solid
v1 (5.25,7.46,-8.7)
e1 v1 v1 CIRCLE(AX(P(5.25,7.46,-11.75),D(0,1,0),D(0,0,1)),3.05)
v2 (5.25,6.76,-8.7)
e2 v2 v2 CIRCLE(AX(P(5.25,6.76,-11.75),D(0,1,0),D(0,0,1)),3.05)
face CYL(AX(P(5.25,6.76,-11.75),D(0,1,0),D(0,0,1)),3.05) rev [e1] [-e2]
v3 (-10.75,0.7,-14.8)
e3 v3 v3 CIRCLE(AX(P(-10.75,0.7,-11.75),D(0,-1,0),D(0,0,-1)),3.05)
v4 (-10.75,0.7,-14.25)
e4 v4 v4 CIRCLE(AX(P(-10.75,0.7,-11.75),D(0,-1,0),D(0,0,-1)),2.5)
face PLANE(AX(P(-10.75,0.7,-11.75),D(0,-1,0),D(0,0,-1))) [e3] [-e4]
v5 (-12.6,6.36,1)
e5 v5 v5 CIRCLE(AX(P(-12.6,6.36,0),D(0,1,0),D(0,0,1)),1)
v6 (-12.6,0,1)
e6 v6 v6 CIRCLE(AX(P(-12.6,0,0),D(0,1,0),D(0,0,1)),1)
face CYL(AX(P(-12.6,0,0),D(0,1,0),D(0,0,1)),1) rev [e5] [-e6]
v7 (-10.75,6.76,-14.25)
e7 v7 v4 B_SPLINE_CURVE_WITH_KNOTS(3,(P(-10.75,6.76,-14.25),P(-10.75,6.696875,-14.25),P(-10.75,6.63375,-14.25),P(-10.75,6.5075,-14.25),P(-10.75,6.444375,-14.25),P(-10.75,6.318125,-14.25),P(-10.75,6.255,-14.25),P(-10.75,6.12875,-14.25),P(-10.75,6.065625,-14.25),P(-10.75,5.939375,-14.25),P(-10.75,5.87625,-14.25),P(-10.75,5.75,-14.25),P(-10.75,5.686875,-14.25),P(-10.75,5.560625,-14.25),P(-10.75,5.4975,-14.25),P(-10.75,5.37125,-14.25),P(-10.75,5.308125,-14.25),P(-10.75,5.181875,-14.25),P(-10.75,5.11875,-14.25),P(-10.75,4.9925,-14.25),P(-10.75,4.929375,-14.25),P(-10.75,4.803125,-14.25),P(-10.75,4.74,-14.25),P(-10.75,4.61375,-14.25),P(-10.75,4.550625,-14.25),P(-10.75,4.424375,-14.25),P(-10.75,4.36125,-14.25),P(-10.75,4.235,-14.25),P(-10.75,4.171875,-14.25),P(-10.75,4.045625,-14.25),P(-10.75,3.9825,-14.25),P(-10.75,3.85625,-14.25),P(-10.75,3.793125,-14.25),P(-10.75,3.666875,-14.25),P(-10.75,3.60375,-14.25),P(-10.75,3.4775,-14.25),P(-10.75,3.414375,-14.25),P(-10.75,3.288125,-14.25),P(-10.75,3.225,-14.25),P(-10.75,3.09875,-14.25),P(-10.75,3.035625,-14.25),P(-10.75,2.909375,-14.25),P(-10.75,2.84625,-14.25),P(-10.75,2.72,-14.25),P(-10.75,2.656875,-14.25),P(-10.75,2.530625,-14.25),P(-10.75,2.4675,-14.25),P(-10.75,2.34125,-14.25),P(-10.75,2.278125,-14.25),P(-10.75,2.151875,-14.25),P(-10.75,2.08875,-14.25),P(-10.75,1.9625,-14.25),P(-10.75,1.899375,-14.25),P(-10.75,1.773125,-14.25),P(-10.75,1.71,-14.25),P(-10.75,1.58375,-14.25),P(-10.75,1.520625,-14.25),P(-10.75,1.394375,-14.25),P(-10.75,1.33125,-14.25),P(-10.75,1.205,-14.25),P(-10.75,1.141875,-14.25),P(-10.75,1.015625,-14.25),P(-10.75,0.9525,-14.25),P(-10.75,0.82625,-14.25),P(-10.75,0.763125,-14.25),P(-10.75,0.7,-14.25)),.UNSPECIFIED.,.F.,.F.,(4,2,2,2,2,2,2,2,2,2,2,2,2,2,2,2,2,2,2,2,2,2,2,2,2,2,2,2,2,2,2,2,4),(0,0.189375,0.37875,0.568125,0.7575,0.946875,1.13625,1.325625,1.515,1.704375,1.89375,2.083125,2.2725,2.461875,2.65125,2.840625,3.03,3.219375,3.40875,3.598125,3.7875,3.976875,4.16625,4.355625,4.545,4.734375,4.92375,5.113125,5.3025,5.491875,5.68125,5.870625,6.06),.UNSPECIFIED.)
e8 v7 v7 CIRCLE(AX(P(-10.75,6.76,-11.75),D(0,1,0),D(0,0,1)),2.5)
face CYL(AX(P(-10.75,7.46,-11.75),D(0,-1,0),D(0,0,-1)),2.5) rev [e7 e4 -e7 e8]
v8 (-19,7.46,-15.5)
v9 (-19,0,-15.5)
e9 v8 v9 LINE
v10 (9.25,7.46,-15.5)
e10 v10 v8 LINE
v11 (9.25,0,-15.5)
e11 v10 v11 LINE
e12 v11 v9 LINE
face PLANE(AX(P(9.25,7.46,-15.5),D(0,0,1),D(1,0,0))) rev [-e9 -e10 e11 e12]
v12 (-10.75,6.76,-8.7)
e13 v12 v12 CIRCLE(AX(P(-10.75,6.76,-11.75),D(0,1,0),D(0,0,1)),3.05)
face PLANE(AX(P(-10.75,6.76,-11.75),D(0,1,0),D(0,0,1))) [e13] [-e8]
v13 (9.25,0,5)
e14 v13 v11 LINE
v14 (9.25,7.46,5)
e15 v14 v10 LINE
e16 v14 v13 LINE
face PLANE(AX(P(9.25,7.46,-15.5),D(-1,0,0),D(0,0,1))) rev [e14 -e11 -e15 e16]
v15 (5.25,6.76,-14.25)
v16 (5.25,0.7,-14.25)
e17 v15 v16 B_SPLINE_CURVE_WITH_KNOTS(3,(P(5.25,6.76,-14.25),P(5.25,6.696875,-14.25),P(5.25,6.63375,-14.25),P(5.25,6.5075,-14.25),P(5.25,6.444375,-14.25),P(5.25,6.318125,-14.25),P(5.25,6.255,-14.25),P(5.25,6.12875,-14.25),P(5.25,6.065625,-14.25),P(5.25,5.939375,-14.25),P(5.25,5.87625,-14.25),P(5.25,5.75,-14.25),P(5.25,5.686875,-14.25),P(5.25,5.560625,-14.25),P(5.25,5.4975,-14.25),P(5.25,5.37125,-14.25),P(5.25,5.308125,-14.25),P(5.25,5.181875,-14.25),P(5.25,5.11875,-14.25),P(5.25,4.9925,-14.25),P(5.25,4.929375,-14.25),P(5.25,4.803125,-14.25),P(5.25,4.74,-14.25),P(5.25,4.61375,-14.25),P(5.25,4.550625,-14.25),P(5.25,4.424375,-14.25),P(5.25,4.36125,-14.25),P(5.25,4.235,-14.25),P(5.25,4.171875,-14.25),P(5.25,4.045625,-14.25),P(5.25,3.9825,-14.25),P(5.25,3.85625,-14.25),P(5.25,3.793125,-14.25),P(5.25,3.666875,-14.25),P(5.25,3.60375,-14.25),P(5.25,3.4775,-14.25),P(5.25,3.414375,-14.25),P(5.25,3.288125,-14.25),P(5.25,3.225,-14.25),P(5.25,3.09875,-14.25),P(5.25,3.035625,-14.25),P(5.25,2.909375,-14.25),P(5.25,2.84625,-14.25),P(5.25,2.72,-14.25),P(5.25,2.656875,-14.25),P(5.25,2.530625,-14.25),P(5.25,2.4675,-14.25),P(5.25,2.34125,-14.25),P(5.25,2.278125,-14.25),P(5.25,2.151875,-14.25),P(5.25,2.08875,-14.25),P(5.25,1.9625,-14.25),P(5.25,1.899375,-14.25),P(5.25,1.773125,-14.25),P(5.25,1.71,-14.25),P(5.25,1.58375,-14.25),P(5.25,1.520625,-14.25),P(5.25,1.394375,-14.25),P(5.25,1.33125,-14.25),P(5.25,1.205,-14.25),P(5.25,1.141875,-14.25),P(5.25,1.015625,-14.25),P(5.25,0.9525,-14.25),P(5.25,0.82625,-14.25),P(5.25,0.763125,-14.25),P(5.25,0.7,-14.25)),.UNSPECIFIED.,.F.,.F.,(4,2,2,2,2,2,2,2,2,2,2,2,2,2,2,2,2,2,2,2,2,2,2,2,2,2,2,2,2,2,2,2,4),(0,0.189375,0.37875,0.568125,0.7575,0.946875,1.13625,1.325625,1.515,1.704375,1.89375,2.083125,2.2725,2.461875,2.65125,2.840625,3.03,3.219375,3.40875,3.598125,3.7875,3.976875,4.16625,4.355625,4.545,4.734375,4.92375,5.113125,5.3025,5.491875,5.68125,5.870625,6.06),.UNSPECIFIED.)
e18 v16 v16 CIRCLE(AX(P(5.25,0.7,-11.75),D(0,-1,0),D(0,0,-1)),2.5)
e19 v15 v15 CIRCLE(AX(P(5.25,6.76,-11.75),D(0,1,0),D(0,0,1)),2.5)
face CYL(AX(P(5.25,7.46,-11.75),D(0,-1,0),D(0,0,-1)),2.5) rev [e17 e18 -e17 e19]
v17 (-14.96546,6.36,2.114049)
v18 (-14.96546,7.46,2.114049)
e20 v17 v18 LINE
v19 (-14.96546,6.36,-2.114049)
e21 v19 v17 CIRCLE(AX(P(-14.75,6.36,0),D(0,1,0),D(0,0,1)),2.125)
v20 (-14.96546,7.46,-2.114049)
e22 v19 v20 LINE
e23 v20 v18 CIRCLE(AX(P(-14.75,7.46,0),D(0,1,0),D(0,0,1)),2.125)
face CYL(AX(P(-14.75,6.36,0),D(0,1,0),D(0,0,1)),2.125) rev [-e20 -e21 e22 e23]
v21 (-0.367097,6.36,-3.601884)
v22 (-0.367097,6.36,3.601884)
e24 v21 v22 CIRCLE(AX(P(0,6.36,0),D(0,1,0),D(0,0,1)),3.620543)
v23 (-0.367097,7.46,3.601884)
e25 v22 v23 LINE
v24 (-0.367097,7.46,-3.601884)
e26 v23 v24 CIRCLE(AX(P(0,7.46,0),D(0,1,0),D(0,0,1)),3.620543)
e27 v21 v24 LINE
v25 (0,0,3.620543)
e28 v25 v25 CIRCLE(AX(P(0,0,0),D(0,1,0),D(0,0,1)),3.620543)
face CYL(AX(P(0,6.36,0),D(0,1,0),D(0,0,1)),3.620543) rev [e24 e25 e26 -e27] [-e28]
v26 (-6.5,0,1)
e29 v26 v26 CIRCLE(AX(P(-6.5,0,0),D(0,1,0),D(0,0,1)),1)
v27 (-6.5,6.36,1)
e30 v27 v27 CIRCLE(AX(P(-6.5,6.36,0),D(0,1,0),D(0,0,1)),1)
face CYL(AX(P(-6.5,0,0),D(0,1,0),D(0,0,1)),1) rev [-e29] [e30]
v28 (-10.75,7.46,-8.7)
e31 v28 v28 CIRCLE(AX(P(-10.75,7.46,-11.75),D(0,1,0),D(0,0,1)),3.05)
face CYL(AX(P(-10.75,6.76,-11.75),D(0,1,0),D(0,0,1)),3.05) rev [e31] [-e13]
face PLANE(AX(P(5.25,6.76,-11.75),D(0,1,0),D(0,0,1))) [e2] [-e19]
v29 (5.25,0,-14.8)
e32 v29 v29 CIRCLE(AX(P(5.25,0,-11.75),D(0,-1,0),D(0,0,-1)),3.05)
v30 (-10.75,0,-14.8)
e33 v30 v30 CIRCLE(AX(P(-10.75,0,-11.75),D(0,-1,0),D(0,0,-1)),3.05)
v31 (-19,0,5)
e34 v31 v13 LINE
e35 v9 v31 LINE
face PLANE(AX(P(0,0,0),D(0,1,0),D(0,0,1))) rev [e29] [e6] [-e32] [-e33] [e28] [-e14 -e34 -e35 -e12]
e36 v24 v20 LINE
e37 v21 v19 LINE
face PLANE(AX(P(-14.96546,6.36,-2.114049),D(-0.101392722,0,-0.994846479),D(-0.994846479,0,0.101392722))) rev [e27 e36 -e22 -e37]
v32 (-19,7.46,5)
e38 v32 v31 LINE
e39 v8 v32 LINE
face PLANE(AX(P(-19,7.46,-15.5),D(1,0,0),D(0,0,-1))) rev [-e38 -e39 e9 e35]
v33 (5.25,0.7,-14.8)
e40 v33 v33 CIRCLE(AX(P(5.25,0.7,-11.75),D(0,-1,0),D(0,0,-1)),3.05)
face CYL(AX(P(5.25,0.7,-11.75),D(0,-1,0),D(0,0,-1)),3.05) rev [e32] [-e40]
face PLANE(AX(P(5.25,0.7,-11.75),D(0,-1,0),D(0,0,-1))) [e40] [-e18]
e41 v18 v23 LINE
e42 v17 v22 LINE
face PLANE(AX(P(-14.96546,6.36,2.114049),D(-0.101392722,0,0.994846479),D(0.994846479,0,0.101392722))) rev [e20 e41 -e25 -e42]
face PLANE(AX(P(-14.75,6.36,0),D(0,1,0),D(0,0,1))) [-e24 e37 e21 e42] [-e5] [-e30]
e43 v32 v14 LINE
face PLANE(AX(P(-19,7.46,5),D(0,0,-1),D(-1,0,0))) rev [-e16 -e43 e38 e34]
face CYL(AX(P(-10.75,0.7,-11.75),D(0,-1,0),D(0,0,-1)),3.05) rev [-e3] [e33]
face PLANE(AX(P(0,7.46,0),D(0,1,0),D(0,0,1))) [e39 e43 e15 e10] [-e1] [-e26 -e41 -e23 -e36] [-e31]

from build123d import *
from build123d.topology import SkipClean

# Parameters (mm, degrees)
SKETCH1_W           = 28.25
SKETCH1_H           = 20.5
SKETCH1_R           = 2.5
BOSS_EXTRUDE1_DEPTH = 7.46
CUT_EXTRUDE2_DEPTH  = 1.1
SKETCH5_R           = 1
SKETCH5_R_2         = 3.62054265
CUT_EXTRUDE3_DEPTH  = 26.331790304
SKETCH6_R           = 3.05
CUT_EXTRUDE4_DEPTH  = 0.7
CUT_EXTRUDE5_START  = -0.7
SKETCH7_R           = 3.05
CUT_EXTRUDE5_DEPTH  = 0.7


with BuildPart() as part:
    # Sketch1 → Boss-Extrude1 (new body)
    with BuildSketch(Plane(origin=(0, 0, 0), x_dir=(1, 0, 0), z_dir=(0, 1, 0))):
        with Locations((-4.875, 5.25)):
            Rectangle(SKETCH1_W, SKETCH1_H)
        with Locations(Location((5.25, 11.75, 0), (0, 0, 90))):
            Circle(SKETCH1_R, mode=Mode.SUBTRACT)
        with Locations(Location((-10.75, 11.75, 0), (0, 0, 90))):
            Circle(SKETCH1_R, mode=Mode.SUBTRACT)
    extrude(amount=BOSS_EXTRUDE1_DEPTH)

    # Sketch3 → Cut-Extrude2 (cut)
    with BuildSketch(Plane(origin=(0, 7.46, 0), x_dir=(1, 0, 0), z_dir=(0, 1, 0))):
        with BuildLine():
            Line((-14.965459534, 2.114048767), (-0.367096675, 3.601884106))
            ThreePointArc((-0.367096675, 3.601884106), (3.62054265, 0), (-0.367096675, -3.601884106))
            Line((-0.367096675, -3.601884106), (-14.965459534, -2.114048767))
            ThreePointArc((-14.965459534, -2.114048767), (-16.875, 0), (-14.965459534, 2.114048767))
        make_face()
    extrude(amount=-CUT_EXTRUDE2_DEPTH, mode=Mode.SUBTRACT)

    # Sketch5 → Cut-Extrude3 (cut, through all)
    with SkipClean():  # the faces are left unmerged after this step: merging them gives an invalid solid
        with BuildSketch(Plane(origin=(0, 6.36, 0), x_dir=(1, 0, 0), z_dir=(0, 1, 0))):
            with Locations(Location((-12.6, 0, 0), (0, 0, 270))):
                Circle(SKETCH5_R)
            with Locations(Location((-6.5, 0, 0), (0, 0, 270))):
                Circle(SKETCH5_R)
            with Locations(Location((0, 0, 0), (0, 0, 270))):
                Circle(SKETCH5_R_2)
        extrude(amount=-CUT_EXTRUDE3_DEPTH, mode=Mode.SUBTRACT)

    # Sketch6 → Cut-Extrude4 (cut)
    with SkipClean():  # the faces are left unmerged after this step: merging them gives an invalid solid
        with BuildSketch(Plane(origin=(0, 7.46, 0), x_dir=(1, 0, 0), z_dir=(0, 1, 0))):
            with Locations(Location((-10.75, 11.75, 0), (0, 0, 270))):
                Circle(SKETCH6_R)
            with Locations(Location((5.25, 11.75, 0), (0, 0, 270))):
                Circle(SKETCH6_R)
        extrude(amount=-CUT_EXTRUDE4_DEPTH, mode=Mode.SUBTRACT)

    # Sketch7 → Cut-Extrude5 (cut)
    with SkipClean():  # the faces are left unmerged after this step: merging them gives an invalid solid
        with BuildSketch(Plane.XZ.offset(CUT_EXTRUDE5_START)):
            with Locations(Location((5.25, -11.75, 0), (0, 0, 90))):
                Circle(SKETCH7_R)
            with Locations(Location((-10.75, -11.75, 0), (0, 0, 90))):
                Circle(SKETCH7_R)
        extrude(amount=CUT_EXTRUDE5_DEPTH, mode=Mode.SUBTRACT)


solid = part.part
